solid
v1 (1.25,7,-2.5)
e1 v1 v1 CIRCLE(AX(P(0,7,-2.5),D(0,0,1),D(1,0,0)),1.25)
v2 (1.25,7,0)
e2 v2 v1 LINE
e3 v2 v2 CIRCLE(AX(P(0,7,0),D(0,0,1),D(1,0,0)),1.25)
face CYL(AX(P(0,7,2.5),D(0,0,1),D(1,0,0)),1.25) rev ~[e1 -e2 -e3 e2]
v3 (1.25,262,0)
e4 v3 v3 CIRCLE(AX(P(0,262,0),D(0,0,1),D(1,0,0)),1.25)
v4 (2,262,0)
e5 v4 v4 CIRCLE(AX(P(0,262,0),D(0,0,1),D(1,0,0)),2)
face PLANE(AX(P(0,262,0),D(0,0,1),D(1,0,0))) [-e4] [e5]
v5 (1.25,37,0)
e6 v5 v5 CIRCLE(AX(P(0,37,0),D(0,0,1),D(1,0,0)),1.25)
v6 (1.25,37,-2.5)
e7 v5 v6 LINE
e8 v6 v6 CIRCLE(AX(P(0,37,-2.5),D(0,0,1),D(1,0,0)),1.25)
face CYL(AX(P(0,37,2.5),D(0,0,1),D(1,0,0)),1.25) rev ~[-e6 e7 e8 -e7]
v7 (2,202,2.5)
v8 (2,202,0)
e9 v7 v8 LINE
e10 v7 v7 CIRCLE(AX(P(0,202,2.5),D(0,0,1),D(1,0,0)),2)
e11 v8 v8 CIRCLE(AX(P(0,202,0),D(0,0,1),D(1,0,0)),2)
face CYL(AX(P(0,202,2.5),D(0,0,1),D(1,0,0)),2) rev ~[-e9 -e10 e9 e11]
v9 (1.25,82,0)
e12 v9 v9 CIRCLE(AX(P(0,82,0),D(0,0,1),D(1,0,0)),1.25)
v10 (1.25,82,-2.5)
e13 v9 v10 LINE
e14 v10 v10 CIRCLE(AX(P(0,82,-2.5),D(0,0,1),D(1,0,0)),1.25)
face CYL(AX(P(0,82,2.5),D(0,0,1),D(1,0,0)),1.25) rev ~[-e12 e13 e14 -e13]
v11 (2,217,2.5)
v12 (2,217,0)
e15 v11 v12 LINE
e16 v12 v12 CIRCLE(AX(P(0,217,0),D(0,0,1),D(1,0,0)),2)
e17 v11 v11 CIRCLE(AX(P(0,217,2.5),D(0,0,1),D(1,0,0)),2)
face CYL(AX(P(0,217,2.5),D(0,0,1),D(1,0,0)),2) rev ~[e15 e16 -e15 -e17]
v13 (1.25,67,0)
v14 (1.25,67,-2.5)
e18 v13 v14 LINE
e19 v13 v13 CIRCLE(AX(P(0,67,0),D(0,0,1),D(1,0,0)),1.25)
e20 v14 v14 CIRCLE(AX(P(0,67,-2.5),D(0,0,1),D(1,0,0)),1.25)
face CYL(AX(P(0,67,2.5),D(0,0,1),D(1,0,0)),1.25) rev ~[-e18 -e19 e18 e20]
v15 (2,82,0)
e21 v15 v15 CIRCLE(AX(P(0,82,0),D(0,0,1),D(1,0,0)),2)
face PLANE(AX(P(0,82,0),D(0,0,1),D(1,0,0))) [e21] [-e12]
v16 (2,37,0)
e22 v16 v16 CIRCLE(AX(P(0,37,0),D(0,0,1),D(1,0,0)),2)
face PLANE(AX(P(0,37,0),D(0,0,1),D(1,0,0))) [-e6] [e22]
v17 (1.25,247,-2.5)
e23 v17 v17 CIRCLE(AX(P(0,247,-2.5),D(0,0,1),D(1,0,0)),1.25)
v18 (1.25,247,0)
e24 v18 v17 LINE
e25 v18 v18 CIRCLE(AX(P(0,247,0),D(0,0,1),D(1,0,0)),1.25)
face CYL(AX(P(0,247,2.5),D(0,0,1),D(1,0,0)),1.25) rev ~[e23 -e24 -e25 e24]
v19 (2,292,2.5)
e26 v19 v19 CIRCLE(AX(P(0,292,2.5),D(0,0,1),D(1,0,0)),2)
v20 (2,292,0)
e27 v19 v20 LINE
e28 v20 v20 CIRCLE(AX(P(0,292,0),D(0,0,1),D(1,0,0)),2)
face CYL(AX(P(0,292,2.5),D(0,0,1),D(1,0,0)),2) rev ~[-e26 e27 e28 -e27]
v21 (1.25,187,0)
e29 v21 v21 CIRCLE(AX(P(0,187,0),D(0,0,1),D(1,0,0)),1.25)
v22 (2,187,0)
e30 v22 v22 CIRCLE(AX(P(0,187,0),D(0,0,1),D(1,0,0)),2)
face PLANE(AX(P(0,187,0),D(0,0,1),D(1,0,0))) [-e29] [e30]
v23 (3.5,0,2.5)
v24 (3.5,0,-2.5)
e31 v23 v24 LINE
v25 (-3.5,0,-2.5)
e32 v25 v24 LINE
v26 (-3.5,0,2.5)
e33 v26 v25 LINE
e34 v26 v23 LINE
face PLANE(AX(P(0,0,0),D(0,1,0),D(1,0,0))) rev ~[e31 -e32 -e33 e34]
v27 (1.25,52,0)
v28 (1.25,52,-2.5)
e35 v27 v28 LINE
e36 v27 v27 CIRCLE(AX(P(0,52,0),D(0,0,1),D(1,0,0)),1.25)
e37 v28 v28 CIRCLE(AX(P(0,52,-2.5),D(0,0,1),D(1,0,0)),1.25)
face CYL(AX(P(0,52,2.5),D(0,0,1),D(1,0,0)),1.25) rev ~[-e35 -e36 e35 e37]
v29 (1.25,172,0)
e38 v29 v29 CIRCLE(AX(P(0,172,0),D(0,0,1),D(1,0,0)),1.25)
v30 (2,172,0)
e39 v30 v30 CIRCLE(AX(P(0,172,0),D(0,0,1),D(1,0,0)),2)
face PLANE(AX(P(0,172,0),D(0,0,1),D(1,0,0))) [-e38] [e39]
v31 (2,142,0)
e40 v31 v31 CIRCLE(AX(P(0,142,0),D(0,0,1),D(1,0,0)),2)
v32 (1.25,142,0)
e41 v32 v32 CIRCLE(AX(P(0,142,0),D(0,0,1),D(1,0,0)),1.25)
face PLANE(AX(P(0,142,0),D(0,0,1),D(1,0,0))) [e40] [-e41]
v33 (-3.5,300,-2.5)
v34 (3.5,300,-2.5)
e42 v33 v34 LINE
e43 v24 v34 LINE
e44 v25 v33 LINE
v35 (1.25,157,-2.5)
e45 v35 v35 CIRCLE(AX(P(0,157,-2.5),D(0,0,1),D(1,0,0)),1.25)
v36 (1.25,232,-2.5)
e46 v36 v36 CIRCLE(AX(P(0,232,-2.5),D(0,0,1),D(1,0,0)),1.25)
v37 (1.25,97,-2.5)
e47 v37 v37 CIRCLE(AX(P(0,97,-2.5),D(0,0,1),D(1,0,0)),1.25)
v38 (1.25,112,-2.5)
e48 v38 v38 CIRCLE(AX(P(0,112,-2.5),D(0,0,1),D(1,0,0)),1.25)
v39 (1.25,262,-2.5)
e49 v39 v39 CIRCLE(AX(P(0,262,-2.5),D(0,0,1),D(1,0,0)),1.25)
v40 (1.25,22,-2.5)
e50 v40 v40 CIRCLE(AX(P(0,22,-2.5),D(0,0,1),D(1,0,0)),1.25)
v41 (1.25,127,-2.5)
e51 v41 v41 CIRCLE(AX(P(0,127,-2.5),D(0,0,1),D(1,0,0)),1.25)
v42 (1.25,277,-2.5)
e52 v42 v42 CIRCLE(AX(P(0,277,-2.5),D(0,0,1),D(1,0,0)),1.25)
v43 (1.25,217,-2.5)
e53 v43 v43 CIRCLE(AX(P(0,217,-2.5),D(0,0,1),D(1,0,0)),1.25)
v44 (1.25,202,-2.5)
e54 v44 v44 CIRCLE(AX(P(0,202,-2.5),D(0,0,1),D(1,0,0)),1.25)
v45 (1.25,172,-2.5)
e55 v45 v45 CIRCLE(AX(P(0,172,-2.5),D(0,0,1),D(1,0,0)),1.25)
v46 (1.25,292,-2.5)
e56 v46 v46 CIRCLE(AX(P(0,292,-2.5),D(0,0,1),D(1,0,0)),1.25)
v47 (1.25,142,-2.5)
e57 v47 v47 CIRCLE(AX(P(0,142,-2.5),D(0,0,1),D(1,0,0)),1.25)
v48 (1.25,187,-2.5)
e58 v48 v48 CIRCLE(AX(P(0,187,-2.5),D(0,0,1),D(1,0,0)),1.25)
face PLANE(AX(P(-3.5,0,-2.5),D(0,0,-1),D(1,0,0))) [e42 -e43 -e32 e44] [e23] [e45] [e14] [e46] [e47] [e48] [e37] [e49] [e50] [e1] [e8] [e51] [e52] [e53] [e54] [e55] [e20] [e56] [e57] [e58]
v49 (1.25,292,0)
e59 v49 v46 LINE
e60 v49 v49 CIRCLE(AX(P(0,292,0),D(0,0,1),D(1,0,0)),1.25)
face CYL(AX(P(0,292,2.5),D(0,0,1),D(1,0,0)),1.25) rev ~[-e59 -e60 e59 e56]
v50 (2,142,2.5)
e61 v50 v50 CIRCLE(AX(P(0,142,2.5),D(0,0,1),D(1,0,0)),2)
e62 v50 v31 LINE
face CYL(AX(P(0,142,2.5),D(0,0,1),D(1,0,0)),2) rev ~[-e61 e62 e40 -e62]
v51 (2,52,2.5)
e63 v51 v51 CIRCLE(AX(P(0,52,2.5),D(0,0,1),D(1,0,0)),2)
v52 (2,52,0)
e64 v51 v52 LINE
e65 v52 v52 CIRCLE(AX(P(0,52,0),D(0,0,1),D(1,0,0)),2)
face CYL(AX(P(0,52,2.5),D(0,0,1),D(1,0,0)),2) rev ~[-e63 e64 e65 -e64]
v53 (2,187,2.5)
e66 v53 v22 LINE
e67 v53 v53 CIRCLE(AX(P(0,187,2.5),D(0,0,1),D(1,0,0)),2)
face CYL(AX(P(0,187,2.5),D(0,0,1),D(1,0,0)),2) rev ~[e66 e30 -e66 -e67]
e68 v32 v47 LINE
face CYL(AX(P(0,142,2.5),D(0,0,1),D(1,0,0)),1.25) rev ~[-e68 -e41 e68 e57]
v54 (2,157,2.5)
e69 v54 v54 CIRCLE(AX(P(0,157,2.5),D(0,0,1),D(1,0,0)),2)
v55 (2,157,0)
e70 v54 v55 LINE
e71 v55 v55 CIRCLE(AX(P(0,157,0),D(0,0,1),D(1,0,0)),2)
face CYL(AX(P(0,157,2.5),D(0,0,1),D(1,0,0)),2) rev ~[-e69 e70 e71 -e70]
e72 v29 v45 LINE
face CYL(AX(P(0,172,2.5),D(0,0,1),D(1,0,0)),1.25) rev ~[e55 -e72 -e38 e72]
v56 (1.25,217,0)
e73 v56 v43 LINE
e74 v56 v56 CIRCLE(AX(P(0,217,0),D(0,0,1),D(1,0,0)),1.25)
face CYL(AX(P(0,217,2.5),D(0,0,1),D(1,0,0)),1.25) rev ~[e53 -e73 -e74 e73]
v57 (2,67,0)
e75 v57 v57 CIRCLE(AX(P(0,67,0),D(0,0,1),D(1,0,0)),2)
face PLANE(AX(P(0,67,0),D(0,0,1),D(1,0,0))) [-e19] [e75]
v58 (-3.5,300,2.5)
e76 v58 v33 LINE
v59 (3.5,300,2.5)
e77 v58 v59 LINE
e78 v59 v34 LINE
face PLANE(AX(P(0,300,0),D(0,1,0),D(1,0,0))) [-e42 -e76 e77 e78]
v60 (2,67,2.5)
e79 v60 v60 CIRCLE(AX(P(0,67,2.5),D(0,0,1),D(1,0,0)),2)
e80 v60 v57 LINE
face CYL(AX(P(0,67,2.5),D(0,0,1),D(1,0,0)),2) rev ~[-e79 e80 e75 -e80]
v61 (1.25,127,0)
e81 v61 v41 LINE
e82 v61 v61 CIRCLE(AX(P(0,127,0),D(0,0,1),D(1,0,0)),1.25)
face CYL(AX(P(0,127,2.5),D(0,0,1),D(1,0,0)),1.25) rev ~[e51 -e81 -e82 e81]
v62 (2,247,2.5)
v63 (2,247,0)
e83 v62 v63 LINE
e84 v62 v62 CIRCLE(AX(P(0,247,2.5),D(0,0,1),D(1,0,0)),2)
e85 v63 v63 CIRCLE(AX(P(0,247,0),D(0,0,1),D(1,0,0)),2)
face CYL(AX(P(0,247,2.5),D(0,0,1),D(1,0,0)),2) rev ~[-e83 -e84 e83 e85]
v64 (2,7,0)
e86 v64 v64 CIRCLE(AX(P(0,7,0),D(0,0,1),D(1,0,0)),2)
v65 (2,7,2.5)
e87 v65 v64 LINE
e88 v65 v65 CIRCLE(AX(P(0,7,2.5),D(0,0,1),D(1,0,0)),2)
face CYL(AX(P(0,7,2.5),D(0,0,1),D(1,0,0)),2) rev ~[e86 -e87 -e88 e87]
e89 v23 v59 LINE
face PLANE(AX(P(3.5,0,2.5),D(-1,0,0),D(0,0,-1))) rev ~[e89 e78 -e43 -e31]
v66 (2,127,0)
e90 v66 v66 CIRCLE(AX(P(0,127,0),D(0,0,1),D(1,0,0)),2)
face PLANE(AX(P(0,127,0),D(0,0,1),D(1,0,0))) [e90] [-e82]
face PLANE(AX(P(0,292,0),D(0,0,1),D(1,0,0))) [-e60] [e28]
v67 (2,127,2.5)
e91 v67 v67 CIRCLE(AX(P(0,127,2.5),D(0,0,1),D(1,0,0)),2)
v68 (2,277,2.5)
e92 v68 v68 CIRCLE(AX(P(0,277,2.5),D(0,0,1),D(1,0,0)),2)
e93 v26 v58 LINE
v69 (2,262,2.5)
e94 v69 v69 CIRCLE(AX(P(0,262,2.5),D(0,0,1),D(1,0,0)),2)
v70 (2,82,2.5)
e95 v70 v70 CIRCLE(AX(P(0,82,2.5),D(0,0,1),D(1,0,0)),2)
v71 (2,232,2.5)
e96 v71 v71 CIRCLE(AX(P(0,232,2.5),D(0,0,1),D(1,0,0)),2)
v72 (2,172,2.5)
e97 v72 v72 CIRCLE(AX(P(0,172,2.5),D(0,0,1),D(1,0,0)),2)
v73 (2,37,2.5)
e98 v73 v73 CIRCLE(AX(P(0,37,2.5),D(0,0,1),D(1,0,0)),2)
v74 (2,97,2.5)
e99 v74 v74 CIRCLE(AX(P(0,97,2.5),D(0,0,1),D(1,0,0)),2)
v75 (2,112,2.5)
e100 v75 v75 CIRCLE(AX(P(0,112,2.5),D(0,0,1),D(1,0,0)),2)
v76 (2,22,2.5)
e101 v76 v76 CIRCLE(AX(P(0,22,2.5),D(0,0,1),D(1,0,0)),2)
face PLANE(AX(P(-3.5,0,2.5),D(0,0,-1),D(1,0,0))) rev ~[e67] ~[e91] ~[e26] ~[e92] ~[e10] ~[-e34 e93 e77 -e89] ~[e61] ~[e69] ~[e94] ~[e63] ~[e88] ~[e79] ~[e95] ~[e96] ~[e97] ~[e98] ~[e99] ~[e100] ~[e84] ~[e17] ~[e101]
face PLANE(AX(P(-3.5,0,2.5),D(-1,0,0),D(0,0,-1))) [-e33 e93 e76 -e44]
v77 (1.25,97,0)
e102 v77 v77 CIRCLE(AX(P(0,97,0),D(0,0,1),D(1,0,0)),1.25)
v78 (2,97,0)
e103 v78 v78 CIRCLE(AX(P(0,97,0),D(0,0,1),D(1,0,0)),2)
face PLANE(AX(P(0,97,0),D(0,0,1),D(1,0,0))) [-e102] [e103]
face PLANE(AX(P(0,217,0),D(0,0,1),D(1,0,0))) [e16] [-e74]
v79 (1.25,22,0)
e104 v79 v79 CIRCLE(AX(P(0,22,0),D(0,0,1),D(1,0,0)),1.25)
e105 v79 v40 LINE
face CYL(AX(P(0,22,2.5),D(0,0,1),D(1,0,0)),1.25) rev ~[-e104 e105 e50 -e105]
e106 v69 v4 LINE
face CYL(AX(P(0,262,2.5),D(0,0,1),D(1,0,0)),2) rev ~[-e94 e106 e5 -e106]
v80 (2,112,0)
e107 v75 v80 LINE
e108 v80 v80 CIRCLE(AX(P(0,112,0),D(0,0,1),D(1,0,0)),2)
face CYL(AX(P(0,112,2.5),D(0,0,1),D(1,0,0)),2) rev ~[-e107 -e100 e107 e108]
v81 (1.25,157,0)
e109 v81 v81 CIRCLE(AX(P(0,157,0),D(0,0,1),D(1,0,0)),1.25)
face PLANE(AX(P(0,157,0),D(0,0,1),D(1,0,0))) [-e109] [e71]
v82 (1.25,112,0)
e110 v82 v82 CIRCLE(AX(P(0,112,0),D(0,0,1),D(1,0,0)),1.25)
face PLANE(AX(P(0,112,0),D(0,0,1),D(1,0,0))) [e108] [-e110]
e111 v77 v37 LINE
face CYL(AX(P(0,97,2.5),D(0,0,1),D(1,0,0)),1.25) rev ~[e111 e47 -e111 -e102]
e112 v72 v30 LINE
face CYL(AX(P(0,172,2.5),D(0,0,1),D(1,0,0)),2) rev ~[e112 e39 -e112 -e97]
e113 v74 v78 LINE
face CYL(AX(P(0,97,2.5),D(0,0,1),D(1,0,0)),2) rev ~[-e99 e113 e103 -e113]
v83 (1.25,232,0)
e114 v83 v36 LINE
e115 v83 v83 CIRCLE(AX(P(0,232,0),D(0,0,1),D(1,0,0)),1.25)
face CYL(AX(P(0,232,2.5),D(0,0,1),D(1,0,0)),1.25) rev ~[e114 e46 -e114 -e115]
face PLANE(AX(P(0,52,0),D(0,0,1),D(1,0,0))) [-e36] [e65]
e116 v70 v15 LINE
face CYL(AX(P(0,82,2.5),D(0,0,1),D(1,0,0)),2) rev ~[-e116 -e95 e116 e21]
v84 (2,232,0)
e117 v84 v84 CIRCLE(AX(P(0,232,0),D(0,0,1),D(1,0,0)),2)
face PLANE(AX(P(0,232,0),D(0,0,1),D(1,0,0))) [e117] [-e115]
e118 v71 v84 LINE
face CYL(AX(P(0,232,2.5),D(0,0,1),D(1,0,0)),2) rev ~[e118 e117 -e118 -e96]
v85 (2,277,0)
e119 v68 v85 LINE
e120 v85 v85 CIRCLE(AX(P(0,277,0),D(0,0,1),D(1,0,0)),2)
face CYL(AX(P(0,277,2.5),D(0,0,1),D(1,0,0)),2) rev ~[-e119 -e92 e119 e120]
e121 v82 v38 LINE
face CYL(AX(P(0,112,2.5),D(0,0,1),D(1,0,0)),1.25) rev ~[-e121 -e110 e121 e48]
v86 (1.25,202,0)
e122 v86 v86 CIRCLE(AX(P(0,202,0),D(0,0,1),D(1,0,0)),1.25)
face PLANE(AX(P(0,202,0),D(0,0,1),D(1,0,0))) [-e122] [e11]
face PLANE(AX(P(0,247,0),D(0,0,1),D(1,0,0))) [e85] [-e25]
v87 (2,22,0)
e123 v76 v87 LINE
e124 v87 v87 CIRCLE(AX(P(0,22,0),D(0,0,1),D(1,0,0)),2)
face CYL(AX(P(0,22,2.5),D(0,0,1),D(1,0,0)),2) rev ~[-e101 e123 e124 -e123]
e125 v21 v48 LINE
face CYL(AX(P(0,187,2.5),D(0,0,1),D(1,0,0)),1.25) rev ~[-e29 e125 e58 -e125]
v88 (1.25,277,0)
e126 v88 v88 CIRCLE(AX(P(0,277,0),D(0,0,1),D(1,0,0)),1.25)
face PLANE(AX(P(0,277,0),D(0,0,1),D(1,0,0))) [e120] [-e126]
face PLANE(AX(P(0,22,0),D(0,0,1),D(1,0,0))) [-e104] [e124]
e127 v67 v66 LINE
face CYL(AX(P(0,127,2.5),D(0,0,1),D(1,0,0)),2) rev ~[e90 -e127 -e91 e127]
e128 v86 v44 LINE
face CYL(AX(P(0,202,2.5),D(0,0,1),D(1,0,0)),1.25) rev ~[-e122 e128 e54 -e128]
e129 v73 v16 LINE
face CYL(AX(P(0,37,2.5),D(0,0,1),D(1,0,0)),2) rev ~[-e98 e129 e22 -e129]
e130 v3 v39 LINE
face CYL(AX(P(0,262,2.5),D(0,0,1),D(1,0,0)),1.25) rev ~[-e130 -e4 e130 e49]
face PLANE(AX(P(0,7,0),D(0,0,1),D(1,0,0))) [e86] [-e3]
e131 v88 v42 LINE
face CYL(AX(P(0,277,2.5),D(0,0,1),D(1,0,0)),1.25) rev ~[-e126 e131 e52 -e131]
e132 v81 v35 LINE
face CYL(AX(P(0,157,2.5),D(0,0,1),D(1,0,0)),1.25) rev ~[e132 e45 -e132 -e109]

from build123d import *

# Parameters (mm, degrees)
SKETCH_1_W          = 7
SKETCH_1_H          = 5
EXTRUDE_1_DEPTH     = 300
SKETCH_2_R          = 1.25
CUT_EXTRUDE_1_DEPTH = 300
SKETCH_3_R          = 2
CUT_EXTRUDE_2_DEPTH = 2.5


with BuildPart() as part:
    # 草图1 → 凸台-拉伸1 (new body)
    with BuildSketch(Plane(origin=(0, 0, 0), x_dir=(1, 0, 0), z_dir=(0, 1, 0))):
        Rectangle(SKETCH_1_W, SKETCH_1_H)
    extrude(amount=EXTRUDE_1_DEPTH)

    # 草图2 → 切除-拉伸1 (cut)
    with BuildSketch(Plane.XY.offset(2.5)):
        with Locations((0, 7)):
            Circle(SKETCH_2_R)
        with Locations((0, 22)):
            Circle(SKETCH_2_R)
        with Locations((0, 37)):
            Circle(SKETCH_2_R)
        with Locations((0, 52)):
            Circle(SKETCH_2_R)
        with Locations((0, 67)):
            Circle(SKETCH_2_R)
        with Locations((0, 82)):
            Circle(SKETCH_2_R)
        with Locations((0, 97)):
            Circle(SKETCH_2_R)
        with Locations((0, 112)):
            Circle(SKETCH_2_R)
        with Locations((0, 127)):
            Circle(SKETCH_2_R)
        with Locations((0, 142)):
            Circle(SKETCH_2_R)
        with Locations((0, 157)):
            Circle(SKETCH_2_R)
        with Locations((0, 172)):
            Circle(SKETCH_2_R)
        with Locations((0, 187)):
            Circle(SKETCH_2_R)
        with Locations((0, 202)):
            Circle(SKETCH_2_R)
        with Locations((0, 217)):
            Circle(SKETCH_2_R)
        with Locations((0, 232)):
            Circle(SKETCH_2_R)
        with Locations((0, 247)):
            Circle(SKETCH_2_R)
        with Locations((0, 262)):
            Circle(SKETCH_2_R)
        with Locations((0, 277)):
            Circle(SKETCH_2_R)
        with Locations((0, 292)):
            Circle(SKETCH_2_R)
    extrude(amount=-CUT_EXTRUDE_1_DEPTH, mode=Mode.SUBTRACT)

    # 草图3 → 切除-拉伸2 (cut)
    with BuildSketch(Plane.XY.offset(2.5)):
        with Locations((0, 7)):
            Circle(SKETCH_3_R)
        with Locations((0, 22)):
            Circle(SKETCH_3_R)
        with Locations((0, 37)):
            Circle(SKETCH_3_R)
        with Locations((0, 52)):
            Circle(SKETCH_3_R)
        with Locations((0, 67)):
            Circle(SKETCH_3_R)
        with Locations((0, 82)):
            Circle(SKETCH_3_R)
        with Locations((0, 97)):
            Circle(SKETCH_3_R)
        with Locations((0, 112)):
            Circle(SKETCH_3_R)
        with Locations((0, 127)):
            Circle(SKETCH_3_R)
        with Locations((0, 142)):
            Circle(SKETCH_3_R)
        with Locations((0, 157)):
            Circle(SKETCH_3_R)
        with Locations((0, 172)):
            Circle(SKETCH_3_R)
        with Locations((0, 187)):
            Circle(SKETCH_3_R)
        with Locations((0, 202)):
            Circle(SKETCH_3_R)
        with Locations((0, 217)):
            Circle(SKETCH_3_R)
        with Locations((0, 232)):
            Circle(SKETCH_3_R)
        with Locations((0, 247)):
            Circle(SKETCH_3_R)
        with Locations((0, 262)):
            Circle(SKETCH_3_R)
        with Locations((0, 277)):
            Circle(SKETCH_3_R)
        with Locations((0, 292)):
            Circle(SKETCH_3_R)
    extrude(amount=-CUT_EXTRUDE_2_DEPTH, mode=Mode.SUBTRACT)


solid = part.part
